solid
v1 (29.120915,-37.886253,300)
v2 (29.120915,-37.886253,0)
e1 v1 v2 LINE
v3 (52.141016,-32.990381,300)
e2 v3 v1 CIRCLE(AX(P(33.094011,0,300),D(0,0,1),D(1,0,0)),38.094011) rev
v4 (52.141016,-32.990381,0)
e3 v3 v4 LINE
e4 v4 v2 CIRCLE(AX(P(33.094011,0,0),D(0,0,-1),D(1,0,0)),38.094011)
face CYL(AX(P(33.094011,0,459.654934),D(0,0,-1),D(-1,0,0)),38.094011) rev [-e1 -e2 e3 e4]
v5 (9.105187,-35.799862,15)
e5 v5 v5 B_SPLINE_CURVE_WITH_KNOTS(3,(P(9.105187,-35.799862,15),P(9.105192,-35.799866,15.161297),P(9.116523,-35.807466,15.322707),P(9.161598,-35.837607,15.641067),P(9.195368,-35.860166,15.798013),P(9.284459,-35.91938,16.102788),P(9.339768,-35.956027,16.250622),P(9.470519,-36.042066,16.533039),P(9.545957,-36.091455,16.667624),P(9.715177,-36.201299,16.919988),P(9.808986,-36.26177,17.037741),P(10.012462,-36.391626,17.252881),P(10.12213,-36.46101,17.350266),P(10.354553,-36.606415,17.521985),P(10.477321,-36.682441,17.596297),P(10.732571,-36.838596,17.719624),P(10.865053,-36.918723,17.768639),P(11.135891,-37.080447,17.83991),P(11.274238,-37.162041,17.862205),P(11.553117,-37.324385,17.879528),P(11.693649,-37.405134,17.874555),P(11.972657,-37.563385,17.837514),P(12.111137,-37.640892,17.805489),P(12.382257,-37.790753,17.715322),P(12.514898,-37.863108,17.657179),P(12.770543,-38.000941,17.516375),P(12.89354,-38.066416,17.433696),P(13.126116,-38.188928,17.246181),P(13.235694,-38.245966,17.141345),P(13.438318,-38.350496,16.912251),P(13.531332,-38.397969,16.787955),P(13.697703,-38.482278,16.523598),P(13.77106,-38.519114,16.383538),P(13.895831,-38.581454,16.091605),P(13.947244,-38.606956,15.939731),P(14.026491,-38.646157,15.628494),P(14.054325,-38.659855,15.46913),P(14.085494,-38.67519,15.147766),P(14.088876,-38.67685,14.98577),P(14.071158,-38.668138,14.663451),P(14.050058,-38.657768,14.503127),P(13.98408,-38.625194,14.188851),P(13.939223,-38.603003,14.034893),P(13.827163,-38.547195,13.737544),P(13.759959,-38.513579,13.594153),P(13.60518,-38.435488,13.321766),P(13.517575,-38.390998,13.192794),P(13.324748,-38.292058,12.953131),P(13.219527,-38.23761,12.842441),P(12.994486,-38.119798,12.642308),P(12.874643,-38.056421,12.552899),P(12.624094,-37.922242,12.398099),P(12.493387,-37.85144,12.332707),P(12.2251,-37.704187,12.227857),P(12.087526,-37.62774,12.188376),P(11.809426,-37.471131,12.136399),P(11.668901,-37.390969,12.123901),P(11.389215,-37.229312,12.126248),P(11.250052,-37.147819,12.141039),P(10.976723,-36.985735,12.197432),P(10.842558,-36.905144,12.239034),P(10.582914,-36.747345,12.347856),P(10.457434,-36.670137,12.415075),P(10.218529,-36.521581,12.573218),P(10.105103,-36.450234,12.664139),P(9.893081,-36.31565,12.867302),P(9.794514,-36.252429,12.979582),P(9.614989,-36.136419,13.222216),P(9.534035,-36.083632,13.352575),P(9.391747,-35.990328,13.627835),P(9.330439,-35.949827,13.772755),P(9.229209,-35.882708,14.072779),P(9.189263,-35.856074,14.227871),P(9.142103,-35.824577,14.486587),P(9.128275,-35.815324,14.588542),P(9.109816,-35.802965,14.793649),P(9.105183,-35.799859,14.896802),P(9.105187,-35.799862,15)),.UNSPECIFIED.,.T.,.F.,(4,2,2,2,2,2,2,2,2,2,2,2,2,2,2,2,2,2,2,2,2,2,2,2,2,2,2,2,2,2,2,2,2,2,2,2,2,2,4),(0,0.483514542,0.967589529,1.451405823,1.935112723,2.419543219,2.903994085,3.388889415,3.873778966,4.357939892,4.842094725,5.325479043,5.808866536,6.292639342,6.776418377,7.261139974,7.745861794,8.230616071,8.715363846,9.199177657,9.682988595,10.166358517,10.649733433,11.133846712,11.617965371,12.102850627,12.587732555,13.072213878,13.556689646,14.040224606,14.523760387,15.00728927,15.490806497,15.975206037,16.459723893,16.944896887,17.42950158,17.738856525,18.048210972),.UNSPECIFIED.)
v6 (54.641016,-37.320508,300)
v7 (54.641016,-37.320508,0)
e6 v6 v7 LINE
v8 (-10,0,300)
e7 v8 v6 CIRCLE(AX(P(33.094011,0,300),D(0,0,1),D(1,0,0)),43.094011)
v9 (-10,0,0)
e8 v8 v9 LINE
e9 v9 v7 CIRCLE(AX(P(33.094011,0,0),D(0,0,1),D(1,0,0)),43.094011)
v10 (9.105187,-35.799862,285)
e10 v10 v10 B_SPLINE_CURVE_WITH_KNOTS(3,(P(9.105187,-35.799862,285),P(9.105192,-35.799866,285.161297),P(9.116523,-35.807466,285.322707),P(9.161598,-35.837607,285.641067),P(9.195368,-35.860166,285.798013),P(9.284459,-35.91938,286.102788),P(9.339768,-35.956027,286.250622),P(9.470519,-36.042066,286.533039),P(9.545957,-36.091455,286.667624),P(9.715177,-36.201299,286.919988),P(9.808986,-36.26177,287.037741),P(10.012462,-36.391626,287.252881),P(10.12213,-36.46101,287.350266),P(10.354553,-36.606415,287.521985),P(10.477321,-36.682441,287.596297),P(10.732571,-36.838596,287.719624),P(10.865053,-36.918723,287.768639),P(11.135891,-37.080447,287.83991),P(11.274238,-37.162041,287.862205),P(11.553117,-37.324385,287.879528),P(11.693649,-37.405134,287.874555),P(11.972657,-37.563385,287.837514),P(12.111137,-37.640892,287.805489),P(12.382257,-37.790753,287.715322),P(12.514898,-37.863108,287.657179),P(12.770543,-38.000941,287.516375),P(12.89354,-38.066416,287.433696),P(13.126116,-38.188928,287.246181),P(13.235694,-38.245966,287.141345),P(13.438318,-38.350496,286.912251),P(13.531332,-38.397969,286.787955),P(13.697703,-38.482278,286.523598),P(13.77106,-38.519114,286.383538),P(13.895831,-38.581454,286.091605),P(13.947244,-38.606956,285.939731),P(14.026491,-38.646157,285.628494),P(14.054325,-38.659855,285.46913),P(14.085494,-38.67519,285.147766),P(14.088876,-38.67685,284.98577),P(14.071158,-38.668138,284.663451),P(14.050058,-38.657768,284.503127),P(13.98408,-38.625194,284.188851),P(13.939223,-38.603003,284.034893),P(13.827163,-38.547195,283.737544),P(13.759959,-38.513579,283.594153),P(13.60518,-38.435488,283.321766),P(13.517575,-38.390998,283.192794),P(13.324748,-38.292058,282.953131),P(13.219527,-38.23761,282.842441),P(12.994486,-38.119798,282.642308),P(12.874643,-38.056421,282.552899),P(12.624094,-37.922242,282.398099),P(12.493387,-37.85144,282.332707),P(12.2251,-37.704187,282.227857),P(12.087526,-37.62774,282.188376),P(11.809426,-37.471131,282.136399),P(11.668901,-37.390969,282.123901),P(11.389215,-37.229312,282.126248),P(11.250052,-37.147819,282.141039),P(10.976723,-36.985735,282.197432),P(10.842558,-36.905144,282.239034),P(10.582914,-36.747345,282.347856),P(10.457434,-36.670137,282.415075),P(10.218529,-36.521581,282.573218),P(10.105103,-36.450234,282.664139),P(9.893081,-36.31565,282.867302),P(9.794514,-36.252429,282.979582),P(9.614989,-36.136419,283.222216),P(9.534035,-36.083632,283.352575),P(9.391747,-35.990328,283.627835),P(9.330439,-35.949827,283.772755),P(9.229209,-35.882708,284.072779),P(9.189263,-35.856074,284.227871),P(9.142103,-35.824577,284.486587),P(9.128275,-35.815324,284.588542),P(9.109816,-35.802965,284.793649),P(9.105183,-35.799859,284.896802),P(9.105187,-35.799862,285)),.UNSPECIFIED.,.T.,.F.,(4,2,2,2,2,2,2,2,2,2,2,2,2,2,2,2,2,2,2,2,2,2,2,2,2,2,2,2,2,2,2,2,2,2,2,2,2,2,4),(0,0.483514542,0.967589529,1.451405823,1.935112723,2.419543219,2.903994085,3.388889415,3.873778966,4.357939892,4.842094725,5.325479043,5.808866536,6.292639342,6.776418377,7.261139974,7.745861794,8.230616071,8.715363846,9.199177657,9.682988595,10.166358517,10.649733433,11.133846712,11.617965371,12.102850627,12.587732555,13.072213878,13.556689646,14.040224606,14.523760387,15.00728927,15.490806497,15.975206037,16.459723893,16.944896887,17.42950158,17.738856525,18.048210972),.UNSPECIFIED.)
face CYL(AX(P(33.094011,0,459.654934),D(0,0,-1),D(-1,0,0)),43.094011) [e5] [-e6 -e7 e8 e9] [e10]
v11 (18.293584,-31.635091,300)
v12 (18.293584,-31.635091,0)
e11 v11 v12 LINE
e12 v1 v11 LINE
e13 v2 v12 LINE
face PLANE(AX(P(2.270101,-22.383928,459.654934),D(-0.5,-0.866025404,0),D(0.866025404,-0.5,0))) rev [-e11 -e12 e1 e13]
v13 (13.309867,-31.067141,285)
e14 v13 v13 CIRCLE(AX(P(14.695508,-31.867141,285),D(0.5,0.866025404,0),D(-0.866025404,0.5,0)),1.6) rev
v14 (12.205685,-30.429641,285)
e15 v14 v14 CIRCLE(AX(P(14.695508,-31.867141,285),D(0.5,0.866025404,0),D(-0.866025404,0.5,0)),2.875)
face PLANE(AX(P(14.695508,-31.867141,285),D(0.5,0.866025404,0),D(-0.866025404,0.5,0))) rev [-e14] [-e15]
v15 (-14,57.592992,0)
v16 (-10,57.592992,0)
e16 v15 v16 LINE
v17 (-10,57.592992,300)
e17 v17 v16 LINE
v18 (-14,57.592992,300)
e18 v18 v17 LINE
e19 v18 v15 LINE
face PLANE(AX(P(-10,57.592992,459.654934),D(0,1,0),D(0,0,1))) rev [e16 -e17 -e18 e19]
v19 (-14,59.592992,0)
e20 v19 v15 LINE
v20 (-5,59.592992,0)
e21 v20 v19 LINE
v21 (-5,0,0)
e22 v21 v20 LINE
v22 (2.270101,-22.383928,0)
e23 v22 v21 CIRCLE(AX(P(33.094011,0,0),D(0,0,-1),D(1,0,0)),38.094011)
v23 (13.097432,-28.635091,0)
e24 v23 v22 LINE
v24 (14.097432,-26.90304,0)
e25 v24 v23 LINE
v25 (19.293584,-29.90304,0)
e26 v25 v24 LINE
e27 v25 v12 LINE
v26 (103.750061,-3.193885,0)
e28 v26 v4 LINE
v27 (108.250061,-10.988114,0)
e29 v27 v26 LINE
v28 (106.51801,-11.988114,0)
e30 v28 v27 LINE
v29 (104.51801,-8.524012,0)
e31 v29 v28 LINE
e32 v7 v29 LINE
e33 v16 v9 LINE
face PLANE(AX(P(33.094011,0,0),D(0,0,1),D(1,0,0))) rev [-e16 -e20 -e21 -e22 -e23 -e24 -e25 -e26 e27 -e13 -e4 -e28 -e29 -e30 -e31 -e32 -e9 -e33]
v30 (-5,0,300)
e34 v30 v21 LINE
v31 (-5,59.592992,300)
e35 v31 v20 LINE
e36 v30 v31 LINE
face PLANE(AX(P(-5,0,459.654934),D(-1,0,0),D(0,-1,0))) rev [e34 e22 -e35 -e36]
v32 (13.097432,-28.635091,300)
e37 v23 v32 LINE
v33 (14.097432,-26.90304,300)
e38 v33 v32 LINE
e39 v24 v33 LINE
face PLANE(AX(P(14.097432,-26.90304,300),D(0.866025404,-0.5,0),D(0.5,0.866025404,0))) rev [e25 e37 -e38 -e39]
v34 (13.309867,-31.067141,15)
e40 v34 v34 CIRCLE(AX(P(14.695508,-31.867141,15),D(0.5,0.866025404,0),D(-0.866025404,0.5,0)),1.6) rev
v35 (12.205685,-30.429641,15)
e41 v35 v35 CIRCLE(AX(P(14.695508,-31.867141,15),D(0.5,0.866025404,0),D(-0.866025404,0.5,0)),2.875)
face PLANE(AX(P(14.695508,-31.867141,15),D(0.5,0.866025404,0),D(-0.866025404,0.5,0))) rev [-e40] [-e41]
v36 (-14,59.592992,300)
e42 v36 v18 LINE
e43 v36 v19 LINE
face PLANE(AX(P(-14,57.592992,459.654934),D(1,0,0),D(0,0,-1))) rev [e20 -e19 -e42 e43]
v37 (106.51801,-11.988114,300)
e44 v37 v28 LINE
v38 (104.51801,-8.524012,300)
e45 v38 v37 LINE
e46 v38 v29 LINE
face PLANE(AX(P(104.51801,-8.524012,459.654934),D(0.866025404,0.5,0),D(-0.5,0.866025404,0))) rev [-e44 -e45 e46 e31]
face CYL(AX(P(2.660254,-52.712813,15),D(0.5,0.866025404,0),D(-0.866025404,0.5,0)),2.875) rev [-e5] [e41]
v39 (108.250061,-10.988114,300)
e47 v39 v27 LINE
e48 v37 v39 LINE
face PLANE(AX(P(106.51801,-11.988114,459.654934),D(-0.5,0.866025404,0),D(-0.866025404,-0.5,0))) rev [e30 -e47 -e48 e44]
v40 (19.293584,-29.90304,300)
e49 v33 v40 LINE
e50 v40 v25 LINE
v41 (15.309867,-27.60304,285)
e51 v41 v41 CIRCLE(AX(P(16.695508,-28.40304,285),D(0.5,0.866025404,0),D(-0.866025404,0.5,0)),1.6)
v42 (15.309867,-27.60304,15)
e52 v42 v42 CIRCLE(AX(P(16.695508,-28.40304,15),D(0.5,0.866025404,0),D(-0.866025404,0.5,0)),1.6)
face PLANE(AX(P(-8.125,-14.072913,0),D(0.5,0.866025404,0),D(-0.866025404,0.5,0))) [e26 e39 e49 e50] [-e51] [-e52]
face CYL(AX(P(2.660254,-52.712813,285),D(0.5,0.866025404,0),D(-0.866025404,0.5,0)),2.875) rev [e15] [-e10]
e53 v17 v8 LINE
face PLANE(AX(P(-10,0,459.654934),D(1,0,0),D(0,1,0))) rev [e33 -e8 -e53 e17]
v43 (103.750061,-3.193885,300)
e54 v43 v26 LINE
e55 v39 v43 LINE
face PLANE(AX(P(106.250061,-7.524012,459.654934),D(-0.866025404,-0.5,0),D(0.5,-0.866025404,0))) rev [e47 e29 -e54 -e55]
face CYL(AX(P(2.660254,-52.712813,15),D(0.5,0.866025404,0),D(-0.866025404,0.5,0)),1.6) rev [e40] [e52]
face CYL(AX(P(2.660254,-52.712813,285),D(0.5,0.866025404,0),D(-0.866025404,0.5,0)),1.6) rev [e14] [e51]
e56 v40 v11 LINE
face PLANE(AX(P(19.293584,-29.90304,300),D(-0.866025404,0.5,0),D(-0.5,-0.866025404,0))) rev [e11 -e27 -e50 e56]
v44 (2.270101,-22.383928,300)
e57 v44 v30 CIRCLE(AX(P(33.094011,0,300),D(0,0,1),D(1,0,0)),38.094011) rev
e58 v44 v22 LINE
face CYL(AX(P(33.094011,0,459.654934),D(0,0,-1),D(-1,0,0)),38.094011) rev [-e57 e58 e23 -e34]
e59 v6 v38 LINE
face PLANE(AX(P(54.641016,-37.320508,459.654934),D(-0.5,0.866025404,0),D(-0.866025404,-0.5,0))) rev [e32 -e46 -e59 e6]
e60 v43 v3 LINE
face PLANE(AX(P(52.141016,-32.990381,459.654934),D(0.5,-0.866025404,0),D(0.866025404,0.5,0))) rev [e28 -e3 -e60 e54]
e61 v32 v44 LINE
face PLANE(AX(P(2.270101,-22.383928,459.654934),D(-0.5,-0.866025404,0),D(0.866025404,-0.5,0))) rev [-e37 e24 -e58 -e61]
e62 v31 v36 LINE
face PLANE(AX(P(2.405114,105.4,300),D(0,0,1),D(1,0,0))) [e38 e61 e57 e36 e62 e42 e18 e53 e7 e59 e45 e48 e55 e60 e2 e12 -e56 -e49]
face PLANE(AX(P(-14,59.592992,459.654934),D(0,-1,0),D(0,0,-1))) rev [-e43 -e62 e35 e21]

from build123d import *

# Parameters (mm, degrees)
BOSS_EXTRUDE1_DEPTH = 300
SKETCH3_R           = 1.6
CUT_EXTRUDE1_DEPTH  = 27.070508076
CUT_EXTRUDE2_START  = -2
SKETCH4_R           = 2.875
CUT_EXTRUDE2_DEPTH  = 25.070508162
SKETCH5_W           = 6
SKETCH5_H           = 300
SKETCH5_R           = 1.6
BOSS_EXTRUDE2_DEPTH = 2


with BuildPart() as part:
    # Sketch2 → Boss-Extrude1 (new body)
    with BuildSketch(Plane.XY):
        with BuildLine():
            Line((-10, 0), (-10, 57.592991829))
            Line((-10, 57.592991829), (-14, 57.592991829))
            Line((-14, 57.592991829), (-14, 59.592991829))
            Line((-14, 59.592991829), (-10, 59.592991829))
            Line((-10, 59.592991829), (-5, 59.592991829))
            Line((-5, 59.592991829), (-5, 0))
            ThreePointArc((-5, 0), (-3.13691529, -11.76748288), (2.270101024, -22.383928263))
            Line((2.270101024, -22.383928263), (29.120915128, -37.886253013))
            ThreePointArc((29.120915128, -37.886253013), (41.018534684, -37.260643809), (52.141016151, -32.990381057))
            Line((52.141016151, -32.990381057), (103.750060963, -3.193885142))
            Line((103.750060963, -3.193885142), (106.250060963, -7.524012161))
            Line((106.250060963, -7.524012161), (108.250060963, -10.988113776))
            Line((108.250060963, -10.988113776), (106.518010155, -11.988113776))
            Line((106.518010155, -11.988113776), (104.518010155, -8.524012161))
            Line((104.518010155, -8.524012161), (54.641016151, -37.320508076))
            ThreePointArc((54.641016151, -37.320508076), (11.547005384, -37.320508076), (-10, 0))
        make_face()
    extrude(amount=BOSS_EXTRUDE1_DEPTH)

    # Sketch3 → Cut-Extrude1 (cut, through all)
    with BuildSketch(Plane(origin=(-9.125, -15.804963619, 0), x_dir=(0.866025404, -0.5, 0), z_dir=(0.5, 0.866025404, 0))):
        with Locations((28.660254038, -15)):
            Circle(SKETCH3_R)
        with Locations((28.660254038, -285)):
            Circle(SKETCH3_R)
    extrude(amount=-CUT_EXTRUDE1_DEPTH, mode=Mode.SUBTRACT)

    # Sketch4 → Cut-Extrude2 (cut, through all)
    with BuildSketch(Plane(origin=(-9.125, -15.804963619, 0), x_dir=(0.866025404, -0.5, 0), z_dir=(0.5, 0.866025404, 0)).offset(CUT_EXTRUDE2_START)):
        with Locations((28.660254038, -15)):
            Circle(SKETCH4_R)
        with Locations((28.660254038, -285)):
            Circle(SKETCH4_R)
    extrude(amount=-CUT_EXTRUDE2_DEPTH, mode=Mode.SUBTRACT)

    # Sketch5 → Boss-Extrude2 (add)
    with BuildSketch(Plane(origin=(-9.125, -15.804963619, 0), x_dir=(0.866025404, -0.5, 0), z_dir=(0.5, 0.866025404, 0))):
        with Locations((28.660254038, -150)):
            Rectangle(SKETCH5_W, SKETCH5_H)
        with Locations((28.660254038, -15)):
            Circle(SKETCH5_R, mode=Mode.SUBTRACT)
        with Locations((28.660254038, -285)):
            Circle(SKETCH5_R, mode=Mode.SUBTRACT)
    extrude(amount=BOSS_EXTRUDE2_DEPTH)


solid = part.part
